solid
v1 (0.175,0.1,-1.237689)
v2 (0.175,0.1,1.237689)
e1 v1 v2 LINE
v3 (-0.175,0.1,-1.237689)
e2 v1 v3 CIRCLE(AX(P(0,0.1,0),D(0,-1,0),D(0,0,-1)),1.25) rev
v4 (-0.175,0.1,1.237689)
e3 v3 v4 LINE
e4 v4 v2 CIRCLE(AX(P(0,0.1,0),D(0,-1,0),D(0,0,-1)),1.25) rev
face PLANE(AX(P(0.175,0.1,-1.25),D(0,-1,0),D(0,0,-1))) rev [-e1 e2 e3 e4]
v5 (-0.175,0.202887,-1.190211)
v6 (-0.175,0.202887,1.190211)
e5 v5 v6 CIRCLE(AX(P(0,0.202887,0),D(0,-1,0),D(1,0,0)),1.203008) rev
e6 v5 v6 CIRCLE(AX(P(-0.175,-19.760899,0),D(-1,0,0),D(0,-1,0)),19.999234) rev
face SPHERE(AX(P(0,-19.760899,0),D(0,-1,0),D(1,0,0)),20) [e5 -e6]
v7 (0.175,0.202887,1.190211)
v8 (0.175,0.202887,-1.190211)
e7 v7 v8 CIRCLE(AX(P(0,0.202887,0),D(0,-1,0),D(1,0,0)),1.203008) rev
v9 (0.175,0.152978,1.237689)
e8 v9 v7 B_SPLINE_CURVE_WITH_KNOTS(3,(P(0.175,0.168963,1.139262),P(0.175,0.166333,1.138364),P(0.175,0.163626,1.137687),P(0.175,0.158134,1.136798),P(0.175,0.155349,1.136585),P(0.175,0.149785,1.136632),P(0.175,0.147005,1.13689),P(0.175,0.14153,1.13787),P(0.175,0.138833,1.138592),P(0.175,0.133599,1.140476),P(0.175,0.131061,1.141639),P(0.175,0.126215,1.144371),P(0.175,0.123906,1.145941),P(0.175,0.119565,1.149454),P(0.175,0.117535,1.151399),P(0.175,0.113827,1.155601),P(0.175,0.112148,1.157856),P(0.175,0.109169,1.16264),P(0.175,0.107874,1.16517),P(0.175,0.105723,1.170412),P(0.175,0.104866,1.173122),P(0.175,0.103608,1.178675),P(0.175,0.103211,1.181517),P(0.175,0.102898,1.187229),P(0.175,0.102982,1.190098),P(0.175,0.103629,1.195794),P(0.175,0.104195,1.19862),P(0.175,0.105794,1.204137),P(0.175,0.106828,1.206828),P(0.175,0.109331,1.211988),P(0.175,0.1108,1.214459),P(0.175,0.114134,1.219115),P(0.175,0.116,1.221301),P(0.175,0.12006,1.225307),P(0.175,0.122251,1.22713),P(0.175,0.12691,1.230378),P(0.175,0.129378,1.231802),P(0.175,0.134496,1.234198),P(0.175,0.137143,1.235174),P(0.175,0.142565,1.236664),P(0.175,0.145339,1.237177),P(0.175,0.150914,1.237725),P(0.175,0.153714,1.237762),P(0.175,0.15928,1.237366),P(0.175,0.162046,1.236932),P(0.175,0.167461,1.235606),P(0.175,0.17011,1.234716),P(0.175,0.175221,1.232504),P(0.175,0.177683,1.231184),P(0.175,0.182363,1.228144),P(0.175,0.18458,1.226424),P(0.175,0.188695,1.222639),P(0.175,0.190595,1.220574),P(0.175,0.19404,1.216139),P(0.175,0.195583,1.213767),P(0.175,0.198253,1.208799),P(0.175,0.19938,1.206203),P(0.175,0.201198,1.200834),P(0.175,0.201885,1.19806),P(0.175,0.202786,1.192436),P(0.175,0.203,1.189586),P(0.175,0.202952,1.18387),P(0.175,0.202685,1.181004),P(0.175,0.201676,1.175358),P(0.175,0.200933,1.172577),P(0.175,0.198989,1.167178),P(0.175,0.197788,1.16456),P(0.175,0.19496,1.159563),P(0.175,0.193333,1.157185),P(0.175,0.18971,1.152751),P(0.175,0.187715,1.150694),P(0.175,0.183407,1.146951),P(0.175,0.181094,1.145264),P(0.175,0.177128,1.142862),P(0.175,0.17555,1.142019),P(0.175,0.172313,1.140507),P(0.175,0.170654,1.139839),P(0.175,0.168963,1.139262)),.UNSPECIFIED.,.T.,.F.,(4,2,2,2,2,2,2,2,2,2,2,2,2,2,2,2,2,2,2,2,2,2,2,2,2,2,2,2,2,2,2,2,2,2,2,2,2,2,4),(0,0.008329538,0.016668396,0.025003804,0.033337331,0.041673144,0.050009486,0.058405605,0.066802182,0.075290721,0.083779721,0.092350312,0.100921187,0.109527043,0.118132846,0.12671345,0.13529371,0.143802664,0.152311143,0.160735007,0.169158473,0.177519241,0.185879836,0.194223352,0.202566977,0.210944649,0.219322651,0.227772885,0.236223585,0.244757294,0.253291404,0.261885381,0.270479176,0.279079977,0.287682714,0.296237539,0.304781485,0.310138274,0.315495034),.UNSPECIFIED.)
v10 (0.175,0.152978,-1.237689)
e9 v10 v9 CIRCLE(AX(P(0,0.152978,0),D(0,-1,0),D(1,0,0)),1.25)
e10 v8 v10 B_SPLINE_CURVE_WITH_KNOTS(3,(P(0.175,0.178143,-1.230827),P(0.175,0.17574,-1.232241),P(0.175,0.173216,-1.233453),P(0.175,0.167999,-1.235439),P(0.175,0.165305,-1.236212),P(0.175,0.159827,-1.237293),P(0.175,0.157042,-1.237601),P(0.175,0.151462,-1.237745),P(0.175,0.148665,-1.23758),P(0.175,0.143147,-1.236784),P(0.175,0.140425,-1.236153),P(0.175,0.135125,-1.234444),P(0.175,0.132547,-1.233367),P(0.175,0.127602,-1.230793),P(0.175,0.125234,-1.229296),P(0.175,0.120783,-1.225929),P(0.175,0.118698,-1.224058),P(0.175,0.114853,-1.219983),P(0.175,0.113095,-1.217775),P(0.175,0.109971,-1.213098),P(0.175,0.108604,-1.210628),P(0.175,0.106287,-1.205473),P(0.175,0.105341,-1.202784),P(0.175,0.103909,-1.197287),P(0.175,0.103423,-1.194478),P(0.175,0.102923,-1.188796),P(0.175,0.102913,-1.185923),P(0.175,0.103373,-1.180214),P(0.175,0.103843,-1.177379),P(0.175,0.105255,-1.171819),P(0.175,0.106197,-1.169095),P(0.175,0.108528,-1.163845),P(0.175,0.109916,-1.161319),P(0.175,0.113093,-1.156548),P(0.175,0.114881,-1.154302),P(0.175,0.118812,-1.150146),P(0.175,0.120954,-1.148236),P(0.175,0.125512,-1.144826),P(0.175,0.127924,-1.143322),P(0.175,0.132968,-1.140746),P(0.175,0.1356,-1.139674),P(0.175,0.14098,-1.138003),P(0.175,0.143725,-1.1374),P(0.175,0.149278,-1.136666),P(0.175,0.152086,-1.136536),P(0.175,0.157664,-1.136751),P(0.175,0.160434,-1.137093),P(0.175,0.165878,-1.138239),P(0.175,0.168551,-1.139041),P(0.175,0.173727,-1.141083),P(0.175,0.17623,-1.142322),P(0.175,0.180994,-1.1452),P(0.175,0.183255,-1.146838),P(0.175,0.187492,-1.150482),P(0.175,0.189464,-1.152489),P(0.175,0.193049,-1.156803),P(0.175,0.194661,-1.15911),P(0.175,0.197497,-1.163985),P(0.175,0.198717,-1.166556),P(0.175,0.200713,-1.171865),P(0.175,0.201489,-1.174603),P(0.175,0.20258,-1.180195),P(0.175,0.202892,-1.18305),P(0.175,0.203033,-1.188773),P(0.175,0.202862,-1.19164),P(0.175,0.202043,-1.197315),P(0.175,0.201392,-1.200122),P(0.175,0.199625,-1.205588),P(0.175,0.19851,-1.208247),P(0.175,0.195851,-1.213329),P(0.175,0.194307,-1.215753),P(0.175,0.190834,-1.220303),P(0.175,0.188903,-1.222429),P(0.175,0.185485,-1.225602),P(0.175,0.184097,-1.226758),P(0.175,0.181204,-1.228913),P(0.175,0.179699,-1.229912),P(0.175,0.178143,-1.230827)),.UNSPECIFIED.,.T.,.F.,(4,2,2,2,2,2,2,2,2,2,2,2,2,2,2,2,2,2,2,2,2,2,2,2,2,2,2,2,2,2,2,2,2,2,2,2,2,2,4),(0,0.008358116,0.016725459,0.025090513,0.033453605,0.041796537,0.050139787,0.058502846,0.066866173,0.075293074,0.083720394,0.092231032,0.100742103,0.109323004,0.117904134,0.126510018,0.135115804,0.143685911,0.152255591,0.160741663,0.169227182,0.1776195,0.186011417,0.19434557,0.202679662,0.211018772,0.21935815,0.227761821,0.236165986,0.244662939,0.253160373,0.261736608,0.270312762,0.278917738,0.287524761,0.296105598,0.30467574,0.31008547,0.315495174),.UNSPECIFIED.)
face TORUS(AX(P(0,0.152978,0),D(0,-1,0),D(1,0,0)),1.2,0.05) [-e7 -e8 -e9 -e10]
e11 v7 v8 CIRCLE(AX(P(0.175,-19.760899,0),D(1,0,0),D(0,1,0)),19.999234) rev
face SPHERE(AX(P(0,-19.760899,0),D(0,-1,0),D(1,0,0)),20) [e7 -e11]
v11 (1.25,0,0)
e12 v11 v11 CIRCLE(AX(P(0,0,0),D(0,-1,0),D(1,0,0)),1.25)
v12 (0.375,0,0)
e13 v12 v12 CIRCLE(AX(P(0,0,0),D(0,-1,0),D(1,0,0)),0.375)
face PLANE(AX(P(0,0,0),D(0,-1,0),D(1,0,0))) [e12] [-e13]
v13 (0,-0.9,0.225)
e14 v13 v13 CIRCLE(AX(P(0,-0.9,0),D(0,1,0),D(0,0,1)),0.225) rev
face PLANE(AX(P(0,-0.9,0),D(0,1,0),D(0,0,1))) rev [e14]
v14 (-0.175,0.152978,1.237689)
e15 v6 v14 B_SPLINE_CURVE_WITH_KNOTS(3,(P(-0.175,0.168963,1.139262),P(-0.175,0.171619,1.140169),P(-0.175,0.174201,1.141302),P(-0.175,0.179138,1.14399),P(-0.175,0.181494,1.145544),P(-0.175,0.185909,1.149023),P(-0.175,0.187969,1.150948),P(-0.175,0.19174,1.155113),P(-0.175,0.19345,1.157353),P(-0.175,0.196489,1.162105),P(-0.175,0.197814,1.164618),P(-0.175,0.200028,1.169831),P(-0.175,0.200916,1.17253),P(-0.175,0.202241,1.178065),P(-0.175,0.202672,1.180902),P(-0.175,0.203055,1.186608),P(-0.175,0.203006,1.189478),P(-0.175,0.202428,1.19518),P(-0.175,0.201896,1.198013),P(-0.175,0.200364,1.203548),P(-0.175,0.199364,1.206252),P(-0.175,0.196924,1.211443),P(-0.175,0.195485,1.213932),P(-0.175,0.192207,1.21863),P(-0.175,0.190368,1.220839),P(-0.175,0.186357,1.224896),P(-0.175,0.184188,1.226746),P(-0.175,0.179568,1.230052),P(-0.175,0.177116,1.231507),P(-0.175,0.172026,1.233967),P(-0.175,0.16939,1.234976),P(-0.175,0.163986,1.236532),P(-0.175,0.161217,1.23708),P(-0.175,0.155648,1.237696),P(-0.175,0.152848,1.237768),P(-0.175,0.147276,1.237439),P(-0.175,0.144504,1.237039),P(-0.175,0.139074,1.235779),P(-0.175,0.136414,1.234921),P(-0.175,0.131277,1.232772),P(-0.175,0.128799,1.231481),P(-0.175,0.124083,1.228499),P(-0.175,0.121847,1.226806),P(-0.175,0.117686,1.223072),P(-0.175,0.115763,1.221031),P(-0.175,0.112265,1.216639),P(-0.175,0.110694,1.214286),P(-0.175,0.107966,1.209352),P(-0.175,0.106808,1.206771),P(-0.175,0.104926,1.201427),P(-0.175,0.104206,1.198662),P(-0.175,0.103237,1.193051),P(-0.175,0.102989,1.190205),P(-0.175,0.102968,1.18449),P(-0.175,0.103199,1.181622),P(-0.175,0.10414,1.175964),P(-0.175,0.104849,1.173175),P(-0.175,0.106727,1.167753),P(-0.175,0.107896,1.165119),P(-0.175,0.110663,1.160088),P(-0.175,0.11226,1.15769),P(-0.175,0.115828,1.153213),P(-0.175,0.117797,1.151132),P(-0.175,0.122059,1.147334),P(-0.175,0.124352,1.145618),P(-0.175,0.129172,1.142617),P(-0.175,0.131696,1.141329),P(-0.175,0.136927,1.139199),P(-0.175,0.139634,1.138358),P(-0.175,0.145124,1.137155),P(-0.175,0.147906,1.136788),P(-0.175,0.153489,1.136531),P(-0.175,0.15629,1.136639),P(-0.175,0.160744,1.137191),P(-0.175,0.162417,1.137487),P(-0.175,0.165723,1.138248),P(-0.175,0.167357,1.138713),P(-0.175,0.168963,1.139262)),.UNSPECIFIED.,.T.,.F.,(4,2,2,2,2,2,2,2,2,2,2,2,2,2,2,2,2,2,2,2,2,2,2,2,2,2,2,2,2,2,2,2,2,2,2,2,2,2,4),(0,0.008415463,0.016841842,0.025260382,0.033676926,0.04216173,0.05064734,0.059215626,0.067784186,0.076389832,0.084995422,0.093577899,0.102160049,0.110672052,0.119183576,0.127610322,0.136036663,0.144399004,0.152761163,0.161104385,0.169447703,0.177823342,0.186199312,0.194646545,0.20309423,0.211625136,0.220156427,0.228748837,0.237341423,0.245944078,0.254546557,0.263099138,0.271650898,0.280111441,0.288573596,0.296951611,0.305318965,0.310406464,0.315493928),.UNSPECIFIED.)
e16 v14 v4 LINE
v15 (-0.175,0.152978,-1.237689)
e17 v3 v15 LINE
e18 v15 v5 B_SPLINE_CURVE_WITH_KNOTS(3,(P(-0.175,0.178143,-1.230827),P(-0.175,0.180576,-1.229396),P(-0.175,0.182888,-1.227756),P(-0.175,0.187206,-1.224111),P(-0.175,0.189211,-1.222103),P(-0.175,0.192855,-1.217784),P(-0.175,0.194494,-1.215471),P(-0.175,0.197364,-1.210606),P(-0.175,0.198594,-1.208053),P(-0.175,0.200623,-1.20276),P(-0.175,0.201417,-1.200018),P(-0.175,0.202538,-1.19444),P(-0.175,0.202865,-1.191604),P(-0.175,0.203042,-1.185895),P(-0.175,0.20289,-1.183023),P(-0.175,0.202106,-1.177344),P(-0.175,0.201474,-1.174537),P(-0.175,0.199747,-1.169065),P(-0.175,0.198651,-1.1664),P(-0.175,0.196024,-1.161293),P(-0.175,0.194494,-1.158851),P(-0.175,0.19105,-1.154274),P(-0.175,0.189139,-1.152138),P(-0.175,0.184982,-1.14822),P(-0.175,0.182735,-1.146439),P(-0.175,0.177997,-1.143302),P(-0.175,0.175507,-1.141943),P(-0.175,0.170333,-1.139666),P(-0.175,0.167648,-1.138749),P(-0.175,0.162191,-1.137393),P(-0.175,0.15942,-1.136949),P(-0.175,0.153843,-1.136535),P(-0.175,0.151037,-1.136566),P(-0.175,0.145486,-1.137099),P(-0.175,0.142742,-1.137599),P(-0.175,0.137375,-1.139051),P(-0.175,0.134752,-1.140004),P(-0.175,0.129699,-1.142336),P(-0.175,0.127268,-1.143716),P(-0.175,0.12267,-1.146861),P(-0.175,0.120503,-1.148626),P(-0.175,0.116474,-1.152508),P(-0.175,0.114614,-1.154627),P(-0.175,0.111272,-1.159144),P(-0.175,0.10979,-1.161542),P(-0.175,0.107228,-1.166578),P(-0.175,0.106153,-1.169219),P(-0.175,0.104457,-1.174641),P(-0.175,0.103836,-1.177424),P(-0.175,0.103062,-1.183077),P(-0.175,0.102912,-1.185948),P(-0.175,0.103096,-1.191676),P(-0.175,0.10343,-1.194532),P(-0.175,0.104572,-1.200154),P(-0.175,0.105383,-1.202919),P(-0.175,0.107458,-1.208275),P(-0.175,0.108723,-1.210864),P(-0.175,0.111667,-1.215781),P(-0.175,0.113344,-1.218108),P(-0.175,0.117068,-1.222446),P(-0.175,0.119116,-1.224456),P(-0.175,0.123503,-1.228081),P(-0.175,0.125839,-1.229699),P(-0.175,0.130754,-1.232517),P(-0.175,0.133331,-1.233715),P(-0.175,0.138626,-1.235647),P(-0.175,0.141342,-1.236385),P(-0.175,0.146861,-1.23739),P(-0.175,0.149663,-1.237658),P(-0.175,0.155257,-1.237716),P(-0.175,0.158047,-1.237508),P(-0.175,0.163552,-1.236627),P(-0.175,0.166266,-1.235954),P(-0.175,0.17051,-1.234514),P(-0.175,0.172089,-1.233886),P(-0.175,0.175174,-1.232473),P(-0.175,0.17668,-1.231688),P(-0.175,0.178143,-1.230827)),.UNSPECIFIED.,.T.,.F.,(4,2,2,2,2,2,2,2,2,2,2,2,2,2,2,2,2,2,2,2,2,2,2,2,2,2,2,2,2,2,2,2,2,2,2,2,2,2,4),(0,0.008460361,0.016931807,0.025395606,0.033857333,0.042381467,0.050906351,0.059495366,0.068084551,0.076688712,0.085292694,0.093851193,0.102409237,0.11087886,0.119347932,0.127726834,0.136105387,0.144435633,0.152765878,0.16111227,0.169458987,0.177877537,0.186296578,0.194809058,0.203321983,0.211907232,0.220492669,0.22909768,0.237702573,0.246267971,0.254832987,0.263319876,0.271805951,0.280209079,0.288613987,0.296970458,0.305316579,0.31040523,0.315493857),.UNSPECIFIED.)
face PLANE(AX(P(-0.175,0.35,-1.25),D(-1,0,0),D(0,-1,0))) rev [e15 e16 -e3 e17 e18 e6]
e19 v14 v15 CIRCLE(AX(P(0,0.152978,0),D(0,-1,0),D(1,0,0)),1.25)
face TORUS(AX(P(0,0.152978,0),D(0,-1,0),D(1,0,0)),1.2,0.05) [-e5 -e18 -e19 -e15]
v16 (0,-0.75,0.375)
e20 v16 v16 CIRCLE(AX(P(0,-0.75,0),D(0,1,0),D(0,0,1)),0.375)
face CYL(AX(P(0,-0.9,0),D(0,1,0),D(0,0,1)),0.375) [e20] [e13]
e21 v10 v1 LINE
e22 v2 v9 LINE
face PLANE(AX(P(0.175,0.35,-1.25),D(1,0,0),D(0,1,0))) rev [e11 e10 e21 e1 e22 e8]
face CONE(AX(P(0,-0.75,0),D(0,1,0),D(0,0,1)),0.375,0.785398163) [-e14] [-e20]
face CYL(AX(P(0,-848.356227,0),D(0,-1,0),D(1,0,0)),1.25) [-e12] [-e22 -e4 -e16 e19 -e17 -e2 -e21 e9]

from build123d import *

# Parameters (mm, degrees)
SKETCH2_R               = 0.375
BOSS_EXTRUDE2_DEPTH     = 0.9
FILLET1_R               = 0.05
CHAMFER2_SIZE           = 0.15
CUT_EXTRUDE1_DEPTH      = 2.2500001
CUT_EXTRUDE1_DEPTH_BACK = 2.2500001


with BuildPart() as part:
    # Sketch4 → Revolve1 (revolve)
    with BuildSketch(Plane.XY):
        with BuildLine():
            Line((0, 0), (1.25, 0))
            Line((1.25, 0), (1.25, 0.2))
            ThreePointArc((1.25, 0.2), (0.625305699, 0.229323151), (0, 0.239100722))
            Line((0, 0.239100722), (0, 0))
        make_face()
    revolve(axis=Axis((0, -848.356227188, 0), (0, 1, 0)))

    # Sketch2 → Boss-Extrude2 (add)
    with BuildSketch(Plane(origin=(0, 0, 0), x_dir=(1, 0, 0), z_dir=(0, 1, 0))):
        Circle(SKETCH2_R)
    extrude(amount=-BOSS_EXTRUDE2_DEPTH)

    # Fillet1
    fillet1_edges = [part.edges().sort_by_distance(p)[0] for p in [
        (-1.25, 0.2, 0),
    ]]
    fillet(fillet1_edges, radius=FILLET1_R)

    # Chamfer2
    chamfer2_edges = [part.edges().sort_by_distance(p)[0] for p in [
        (-0.375, -0.9, 0),
    ]]
    chamfer(chamfer2_edges, length=CHAMFER2_SIZE)

    # Sketch3 → Cut-Extrude1 (cut, two sides)
    with BuildSketch(Plane.XY) as cut_extrude1_sk:
        Polygon((-0.175, 0.35), (0, 0.35), (0.175, 0.35), (0.175, 0.1), (0, 0.1), (-0.175, 0.1), align=None)
    extrude(amount=CUT_EXTRUDE1_DEPTH, mode=Mode.SUBTRACT)
    extrude(cut_extrude1_sk.sketch, amount=-CUT_EXTRUDE1_DEPTH_BACK, mode=Mode.SUBTRACT)


solid = part.part
